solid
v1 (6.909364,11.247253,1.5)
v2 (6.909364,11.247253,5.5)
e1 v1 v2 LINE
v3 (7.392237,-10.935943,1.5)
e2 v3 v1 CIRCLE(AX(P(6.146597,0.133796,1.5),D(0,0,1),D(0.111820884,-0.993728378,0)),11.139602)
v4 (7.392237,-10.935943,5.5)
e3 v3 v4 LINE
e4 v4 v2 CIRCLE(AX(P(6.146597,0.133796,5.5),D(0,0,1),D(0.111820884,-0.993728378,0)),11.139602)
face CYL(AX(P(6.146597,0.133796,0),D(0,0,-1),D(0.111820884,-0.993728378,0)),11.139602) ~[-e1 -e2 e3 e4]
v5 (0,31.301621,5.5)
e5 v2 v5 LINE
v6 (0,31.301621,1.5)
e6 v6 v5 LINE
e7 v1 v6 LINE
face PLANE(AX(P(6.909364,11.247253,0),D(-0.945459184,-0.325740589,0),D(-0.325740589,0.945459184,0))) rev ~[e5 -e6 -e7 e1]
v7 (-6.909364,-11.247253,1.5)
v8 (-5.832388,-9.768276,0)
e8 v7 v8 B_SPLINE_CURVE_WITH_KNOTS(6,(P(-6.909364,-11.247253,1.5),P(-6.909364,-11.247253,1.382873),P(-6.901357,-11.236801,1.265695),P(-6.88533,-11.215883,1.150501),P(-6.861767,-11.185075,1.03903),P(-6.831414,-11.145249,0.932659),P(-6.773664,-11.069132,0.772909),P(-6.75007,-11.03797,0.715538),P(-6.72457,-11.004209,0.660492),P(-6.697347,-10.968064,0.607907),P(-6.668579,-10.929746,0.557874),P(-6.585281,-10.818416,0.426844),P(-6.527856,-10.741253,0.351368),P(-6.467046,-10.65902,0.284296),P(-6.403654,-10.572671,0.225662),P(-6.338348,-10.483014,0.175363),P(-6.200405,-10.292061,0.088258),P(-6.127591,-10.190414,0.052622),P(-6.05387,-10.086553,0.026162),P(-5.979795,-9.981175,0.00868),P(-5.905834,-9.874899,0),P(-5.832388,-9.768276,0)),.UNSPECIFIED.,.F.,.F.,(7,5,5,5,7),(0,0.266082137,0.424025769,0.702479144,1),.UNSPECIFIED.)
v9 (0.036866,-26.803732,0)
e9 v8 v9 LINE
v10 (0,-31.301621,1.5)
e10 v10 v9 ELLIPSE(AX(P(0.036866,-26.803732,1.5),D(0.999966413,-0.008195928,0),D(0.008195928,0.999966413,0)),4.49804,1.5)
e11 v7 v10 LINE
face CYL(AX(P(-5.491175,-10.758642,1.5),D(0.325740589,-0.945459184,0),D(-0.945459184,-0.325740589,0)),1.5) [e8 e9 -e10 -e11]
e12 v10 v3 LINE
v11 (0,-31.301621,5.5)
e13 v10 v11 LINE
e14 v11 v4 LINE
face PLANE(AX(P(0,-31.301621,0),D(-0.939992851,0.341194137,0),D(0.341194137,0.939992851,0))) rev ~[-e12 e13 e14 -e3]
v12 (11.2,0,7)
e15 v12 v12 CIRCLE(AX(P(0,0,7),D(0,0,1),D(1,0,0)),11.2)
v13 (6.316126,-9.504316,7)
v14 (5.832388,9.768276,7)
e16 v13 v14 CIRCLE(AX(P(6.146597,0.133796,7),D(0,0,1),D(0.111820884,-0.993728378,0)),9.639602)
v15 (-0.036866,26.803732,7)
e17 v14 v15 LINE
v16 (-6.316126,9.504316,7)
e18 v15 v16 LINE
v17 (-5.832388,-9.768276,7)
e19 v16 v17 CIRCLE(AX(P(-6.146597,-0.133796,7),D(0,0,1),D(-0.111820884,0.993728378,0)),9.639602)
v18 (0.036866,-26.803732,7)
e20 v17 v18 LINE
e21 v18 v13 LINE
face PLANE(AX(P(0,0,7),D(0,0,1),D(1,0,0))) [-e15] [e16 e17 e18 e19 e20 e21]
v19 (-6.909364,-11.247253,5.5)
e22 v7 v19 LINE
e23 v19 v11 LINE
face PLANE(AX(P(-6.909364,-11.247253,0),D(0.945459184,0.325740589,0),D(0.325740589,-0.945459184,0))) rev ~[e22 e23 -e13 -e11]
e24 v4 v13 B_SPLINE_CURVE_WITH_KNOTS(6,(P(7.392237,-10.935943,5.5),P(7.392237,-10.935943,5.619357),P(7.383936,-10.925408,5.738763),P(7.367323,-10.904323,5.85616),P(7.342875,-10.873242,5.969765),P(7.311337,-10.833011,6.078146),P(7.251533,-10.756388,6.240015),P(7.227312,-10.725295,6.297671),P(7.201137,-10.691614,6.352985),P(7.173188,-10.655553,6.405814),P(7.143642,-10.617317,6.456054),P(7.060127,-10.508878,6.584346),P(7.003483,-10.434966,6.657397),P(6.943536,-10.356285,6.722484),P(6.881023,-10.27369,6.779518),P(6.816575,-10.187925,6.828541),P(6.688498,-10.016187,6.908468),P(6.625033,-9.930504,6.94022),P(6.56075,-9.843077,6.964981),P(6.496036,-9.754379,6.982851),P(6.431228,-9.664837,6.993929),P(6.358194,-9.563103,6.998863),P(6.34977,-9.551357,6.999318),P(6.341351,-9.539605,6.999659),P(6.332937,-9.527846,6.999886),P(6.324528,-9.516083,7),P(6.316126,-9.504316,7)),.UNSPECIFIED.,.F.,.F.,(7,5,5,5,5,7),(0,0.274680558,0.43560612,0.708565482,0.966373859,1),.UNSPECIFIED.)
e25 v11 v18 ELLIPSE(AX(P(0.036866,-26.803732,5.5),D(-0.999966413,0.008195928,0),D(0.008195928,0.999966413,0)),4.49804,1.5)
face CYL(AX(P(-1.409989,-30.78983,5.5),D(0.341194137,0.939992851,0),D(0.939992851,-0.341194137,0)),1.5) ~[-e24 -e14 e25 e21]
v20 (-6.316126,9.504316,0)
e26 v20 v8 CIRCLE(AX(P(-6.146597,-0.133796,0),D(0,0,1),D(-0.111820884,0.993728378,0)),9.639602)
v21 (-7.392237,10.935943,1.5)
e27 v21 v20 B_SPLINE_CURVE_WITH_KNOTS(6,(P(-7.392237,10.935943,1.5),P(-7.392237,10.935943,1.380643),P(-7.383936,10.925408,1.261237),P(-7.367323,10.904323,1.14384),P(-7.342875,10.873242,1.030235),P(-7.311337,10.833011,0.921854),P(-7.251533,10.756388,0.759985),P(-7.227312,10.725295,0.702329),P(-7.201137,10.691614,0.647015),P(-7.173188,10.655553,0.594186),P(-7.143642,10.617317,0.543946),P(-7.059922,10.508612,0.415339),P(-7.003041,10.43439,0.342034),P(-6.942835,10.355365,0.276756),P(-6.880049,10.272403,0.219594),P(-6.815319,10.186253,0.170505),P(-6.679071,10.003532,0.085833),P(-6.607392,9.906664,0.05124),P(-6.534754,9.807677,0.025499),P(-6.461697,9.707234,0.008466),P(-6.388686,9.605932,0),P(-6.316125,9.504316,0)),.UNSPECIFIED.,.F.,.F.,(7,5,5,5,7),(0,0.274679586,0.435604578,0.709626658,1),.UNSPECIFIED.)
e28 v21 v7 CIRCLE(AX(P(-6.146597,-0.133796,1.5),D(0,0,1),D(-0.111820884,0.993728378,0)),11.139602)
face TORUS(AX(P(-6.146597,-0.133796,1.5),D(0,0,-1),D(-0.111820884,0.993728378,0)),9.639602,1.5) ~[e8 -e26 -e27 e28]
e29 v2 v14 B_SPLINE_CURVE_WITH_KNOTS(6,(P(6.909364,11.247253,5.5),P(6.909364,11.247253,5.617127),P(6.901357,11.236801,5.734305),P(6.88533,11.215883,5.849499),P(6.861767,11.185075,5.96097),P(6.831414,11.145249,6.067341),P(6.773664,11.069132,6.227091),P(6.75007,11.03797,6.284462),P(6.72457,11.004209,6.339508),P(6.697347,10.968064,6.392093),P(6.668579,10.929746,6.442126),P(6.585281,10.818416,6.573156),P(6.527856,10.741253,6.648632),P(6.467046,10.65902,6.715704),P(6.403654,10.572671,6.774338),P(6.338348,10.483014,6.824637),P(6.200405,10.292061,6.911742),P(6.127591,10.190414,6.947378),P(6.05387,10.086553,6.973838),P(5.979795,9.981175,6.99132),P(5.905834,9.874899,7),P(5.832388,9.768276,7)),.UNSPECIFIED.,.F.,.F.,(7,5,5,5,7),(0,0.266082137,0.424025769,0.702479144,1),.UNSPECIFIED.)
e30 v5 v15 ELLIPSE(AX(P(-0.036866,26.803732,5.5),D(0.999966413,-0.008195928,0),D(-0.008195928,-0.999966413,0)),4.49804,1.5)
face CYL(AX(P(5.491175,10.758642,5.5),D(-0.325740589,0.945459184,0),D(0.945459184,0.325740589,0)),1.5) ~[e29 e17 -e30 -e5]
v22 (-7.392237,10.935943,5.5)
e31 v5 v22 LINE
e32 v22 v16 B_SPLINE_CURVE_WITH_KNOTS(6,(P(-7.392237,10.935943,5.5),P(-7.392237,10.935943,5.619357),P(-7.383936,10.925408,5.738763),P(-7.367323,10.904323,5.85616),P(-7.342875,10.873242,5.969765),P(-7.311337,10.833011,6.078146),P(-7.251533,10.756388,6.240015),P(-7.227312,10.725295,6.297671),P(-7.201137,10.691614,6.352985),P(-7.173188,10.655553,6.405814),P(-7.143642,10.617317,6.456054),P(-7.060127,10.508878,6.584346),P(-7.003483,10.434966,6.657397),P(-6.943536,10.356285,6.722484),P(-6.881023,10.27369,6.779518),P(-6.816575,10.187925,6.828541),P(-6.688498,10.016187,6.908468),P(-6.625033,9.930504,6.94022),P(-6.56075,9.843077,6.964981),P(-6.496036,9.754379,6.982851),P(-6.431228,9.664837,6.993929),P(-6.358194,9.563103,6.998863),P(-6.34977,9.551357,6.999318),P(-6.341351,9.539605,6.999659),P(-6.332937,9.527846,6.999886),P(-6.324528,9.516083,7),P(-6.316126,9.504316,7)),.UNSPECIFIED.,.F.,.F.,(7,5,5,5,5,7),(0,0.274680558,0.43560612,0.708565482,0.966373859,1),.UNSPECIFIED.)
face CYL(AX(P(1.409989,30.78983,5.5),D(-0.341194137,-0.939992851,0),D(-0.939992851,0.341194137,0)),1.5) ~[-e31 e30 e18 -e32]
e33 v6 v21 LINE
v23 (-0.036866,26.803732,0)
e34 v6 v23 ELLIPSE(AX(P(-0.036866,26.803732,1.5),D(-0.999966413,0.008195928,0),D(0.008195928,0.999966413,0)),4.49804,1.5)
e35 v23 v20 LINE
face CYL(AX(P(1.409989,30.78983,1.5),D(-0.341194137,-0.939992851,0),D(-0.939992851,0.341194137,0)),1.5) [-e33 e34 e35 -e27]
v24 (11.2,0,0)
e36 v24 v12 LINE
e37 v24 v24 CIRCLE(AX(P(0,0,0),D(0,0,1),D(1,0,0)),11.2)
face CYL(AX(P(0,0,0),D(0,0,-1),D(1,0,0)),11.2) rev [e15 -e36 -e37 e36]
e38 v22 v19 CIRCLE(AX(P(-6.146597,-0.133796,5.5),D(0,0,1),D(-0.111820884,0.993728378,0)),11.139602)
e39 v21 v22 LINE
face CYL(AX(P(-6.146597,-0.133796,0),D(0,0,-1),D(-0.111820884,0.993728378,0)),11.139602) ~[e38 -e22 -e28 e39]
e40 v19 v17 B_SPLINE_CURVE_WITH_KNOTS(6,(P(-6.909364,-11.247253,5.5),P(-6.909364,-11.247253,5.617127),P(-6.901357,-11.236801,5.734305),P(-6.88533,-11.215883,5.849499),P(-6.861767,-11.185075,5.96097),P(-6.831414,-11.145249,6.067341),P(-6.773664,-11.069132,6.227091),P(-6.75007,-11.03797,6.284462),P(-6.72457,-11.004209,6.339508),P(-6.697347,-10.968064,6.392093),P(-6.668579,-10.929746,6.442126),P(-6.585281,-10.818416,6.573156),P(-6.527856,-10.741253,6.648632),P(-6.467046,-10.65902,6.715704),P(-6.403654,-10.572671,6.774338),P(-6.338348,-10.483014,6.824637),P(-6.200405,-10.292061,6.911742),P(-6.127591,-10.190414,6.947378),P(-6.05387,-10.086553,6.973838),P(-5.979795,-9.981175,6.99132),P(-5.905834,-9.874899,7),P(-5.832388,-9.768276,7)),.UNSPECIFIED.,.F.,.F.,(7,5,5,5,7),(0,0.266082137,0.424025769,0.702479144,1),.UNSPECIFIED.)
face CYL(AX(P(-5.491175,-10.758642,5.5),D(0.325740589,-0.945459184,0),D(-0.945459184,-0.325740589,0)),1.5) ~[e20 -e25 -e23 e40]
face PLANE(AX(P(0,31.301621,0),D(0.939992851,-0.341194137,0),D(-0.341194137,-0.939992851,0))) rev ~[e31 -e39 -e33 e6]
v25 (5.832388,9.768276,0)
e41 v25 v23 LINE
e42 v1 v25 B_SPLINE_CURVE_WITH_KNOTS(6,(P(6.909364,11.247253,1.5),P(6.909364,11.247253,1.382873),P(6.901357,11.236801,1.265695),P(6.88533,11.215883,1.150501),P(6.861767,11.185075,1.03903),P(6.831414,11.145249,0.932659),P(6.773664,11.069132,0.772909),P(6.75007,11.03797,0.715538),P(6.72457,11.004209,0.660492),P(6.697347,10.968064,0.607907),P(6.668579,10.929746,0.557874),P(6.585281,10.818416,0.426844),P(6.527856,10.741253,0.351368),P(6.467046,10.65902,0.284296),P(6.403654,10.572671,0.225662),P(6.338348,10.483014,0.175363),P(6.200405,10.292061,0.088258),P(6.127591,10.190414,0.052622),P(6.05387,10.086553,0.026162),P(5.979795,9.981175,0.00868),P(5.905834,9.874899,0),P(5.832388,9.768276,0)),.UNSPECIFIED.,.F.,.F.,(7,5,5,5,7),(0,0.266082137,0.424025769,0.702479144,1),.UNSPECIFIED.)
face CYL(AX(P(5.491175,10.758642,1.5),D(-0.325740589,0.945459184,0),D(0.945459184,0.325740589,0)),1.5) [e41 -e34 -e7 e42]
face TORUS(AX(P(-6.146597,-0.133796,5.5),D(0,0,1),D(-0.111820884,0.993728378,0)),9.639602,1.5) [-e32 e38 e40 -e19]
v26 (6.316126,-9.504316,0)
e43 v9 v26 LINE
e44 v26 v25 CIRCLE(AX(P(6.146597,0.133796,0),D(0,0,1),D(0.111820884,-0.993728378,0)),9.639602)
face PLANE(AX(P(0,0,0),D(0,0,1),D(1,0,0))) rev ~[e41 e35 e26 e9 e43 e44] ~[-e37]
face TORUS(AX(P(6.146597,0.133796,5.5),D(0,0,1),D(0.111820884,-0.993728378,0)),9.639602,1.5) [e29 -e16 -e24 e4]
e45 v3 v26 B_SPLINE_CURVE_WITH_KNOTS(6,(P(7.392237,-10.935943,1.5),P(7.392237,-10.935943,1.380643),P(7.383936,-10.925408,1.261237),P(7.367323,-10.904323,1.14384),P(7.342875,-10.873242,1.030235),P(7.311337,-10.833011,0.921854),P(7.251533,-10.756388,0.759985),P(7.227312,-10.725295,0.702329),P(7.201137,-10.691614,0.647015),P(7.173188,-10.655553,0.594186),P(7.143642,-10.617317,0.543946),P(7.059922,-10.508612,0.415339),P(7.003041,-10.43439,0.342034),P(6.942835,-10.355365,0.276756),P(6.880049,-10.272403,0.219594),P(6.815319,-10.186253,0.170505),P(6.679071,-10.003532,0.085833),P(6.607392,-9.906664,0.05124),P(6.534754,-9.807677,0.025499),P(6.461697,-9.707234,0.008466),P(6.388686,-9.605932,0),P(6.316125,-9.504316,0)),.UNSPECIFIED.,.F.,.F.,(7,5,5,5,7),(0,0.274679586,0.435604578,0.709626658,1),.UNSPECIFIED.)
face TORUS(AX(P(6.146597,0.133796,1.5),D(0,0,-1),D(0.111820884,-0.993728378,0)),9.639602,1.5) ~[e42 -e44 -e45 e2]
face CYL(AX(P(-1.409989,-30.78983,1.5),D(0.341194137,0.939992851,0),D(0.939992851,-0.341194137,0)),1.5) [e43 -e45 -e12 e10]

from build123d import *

# Parameters (mm, degrees)
F0_R     = 11.2
F1_DEPTH = 7
F2_R     = 1.5


with BuildPart() as f1:
    # F0 (on Top) → F1 (new body)
    with BuildSketch(Plane.XY):
        with BuildLine():
            Line((0, 31.301621), (-7.392237, 10.935943))
            ThreePointArc((-7.392237, 10.935943), (-17.283561, -0.37622), (-6.909364, -11.247253))
            Line((-6.909364, -11.247253), (0, -31.301621))
            Line((0, -31.301621), (7.392237, -10.935943))
            ThreePointArc((7.392237, -10.935943), (17.283561, 0.37622), (6.909364, 11.247253))
            Line((6.909364, 11.247253), (0, 31.301621))
        make_face()
        Circle(F0_R, mode=Mode.SUBTRACT)
    extrude(amount=F1_DEPTH)

    # F2
    f2_edges = [f1.edges().sort_by_distance(p)[0] for p in [
        (3.696118, -21.118782, 7),
        (-3.454682, -21.274437, 7),
        (-17.283561, -0.37622, 7),
        (-3.696118, 21.118782, 7),
        (17.283561, 0.37622, 7),
        (3.454682, 21.274437, 7),
        (3.696118, -21.118782, 0),
        (17.283561, 0.37622, 0),
        (3.454682, 21.274437, 0),
        (-3.696118, 21.118782, 0),
        (-17.283561, -0.37622, 0),
        (-3.454682, -21.274437, 0),
    ]]
    fillet(f2_edges, radius=F2_R)


solid = f1.part
